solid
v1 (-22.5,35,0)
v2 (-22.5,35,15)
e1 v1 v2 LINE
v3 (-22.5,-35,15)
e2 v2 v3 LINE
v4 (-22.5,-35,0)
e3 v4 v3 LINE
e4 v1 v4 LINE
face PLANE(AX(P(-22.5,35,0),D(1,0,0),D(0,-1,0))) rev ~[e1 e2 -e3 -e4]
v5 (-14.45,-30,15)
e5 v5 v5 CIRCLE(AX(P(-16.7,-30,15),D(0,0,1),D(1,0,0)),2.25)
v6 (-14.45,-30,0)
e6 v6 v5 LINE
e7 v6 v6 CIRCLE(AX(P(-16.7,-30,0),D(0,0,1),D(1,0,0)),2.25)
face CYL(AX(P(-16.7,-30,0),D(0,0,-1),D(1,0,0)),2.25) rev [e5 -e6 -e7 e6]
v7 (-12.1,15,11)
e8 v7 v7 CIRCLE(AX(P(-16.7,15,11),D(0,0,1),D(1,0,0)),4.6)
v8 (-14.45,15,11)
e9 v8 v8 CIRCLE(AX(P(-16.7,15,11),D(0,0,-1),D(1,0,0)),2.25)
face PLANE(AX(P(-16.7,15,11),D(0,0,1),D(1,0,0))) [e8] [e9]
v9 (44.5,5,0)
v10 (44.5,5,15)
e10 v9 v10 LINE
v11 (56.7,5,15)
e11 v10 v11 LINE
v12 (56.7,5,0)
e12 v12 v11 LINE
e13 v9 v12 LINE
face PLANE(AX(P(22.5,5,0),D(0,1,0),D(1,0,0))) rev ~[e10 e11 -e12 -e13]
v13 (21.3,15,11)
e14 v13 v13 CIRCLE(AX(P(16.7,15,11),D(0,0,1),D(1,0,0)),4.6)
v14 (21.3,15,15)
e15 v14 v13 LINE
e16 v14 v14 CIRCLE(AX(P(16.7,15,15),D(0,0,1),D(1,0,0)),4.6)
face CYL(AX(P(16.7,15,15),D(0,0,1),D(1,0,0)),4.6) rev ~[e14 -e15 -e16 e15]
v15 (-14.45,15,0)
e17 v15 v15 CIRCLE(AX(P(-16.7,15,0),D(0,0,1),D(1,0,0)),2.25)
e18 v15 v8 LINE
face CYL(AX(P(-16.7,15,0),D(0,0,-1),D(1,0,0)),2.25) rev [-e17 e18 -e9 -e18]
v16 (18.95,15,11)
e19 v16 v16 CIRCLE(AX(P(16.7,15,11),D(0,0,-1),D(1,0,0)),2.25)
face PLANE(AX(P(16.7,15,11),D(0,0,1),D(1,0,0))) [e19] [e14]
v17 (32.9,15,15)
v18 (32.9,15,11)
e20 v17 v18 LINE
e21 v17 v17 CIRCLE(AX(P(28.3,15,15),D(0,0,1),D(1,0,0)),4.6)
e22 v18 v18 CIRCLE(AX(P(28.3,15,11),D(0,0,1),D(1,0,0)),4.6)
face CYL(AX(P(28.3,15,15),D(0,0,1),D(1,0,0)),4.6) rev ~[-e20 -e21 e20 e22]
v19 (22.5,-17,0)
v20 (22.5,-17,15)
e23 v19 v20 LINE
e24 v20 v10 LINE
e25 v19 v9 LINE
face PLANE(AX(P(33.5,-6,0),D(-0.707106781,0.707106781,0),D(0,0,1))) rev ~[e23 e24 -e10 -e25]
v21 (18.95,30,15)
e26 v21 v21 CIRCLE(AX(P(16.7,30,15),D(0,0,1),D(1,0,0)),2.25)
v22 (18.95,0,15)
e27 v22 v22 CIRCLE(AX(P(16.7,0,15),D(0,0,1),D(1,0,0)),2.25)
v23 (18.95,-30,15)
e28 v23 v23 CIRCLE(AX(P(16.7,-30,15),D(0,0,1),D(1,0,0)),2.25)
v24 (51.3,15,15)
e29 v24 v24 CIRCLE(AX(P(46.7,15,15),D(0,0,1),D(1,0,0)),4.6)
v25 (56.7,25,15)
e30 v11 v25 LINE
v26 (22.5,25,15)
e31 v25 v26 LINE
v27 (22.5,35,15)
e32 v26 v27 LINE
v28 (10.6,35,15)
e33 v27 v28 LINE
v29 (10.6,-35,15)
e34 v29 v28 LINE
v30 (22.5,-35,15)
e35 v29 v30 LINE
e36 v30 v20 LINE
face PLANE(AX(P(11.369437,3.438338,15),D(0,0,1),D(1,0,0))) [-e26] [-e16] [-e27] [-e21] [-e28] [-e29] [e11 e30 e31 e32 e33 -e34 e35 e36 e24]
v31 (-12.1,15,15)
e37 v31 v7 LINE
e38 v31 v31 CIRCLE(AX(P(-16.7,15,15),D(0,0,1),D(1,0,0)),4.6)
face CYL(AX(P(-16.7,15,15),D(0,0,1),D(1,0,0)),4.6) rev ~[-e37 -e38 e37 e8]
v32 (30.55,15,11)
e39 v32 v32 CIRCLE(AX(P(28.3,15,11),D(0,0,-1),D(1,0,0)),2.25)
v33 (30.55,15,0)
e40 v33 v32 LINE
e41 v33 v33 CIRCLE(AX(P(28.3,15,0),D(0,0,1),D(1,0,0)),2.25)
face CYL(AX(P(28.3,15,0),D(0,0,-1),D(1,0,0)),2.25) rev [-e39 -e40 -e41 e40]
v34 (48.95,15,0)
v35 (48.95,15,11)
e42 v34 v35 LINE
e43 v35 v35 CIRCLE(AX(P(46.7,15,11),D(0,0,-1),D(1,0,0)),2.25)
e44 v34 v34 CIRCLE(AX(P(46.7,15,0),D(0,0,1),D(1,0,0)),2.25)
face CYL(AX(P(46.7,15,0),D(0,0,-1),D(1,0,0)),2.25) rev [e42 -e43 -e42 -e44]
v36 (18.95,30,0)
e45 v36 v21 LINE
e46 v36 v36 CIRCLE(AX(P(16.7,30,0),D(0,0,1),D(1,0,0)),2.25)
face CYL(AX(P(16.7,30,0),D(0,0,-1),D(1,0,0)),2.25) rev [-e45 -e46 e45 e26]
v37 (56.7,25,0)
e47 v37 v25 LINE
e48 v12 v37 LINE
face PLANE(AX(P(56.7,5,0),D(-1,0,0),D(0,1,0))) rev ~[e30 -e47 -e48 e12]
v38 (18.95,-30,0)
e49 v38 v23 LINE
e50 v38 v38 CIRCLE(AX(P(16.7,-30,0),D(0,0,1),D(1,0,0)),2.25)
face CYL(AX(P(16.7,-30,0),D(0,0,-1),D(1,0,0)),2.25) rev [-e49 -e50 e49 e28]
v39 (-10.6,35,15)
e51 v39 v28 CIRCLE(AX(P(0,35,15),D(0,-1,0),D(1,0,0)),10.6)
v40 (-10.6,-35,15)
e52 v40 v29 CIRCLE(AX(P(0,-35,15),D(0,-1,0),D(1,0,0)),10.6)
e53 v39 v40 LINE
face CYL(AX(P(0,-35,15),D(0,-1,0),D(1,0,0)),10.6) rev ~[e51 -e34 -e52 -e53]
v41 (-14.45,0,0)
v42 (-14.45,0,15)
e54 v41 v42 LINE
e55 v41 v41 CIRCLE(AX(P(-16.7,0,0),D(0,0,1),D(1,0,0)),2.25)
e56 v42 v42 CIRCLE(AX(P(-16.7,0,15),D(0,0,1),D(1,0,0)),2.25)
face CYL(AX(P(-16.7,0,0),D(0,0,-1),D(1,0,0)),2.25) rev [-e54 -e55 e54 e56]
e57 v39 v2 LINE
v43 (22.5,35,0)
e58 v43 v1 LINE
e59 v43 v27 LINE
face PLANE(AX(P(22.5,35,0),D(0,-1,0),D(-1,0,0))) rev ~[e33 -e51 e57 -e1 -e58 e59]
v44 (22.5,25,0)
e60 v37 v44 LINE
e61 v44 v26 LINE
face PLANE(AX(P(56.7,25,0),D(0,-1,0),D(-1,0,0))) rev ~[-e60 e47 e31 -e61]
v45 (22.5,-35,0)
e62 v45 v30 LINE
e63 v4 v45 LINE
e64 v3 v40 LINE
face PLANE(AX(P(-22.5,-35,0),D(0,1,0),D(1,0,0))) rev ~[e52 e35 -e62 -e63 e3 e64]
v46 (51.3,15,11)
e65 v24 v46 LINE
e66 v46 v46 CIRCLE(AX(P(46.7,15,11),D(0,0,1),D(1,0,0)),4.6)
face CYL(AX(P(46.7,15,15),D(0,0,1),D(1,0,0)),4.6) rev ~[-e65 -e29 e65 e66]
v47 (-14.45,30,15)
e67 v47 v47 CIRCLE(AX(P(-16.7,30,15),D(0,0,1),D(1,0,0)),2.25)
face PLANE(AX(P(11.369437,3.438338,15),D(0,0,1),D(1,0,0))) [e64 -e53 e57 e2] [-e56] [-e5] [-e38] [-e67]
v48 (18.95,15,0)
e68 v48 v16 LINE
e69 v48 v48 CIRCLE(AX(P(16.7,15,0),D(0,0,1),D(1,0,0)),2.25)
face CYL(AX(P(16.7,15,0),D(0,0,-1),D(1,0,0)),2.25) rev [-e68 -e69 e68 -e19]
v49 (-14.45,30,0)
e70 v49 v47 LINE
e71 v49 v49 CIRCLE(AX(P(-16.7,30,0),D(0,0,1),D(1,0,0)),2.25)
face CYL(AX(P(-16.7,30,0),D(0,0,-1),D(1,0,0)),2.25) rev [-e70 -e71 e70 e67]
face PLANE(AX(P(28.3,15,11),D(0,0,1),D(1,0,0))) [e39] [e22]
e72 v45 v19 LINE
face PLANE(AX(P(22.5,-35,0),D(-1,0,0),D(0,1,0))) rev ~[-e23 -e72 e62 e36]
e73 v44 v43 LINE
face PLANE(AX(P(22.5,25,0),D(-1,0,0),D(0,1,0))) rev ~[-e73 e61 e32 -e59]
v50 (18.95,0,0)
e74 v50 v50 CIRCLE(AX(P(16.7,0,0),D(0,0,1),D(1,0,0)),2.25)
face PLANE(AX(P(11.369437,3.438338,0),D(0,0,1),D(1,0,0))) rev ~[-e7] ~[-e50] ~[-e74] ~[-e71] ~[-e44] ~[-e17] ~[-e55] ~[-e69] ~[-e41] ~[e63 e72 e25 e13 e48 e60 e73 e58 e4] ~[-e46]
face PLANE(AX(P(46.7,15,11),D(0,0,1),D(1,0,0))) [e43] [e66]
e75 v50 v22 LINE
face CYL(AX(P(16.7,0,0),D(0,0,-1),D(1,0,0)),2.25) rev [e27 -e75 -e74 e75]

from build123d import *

# Parameters (mm, degrees)
SKETCH_R        = 2.25
PAD_DEPTH       = 15
SKETCH001_R     = 10.6
POCKET_DEPTH    = 70.001
SKETCH002_R     = 4.6
POCKET001_DEPTH = 4
CHAMFER_SIZE    = 22


with BuildPart() as part:
    # Sketch → Pad (new body)
    with BuildSketch(Plane.XY):
        Polygon((-22.5, -35), (22.5, -35), (22.5, 5), (56.7, 5), (56.7, 25), (22.5, 25), (22.5, 35), (-22.5, 35), align=None)
        with Locations((-16.7, 30)):
            Circle(SKETCH_R, mode=Mode.SUBTRACT)
        with Locations((16.7, 30)):
            Circle(SKETCH_R, mode=Mode.SUBTRACT)
        with Locations((-16.7, -30)):
            Circle(SKETCH_R, mode=Mode.SUBTRACT)
        with Locations((16.7, -30)):
            Circle(SKETCH_R, mode=Mode.SUBTRACT)
        with Locations((-16.7, 0)):
            Circle(SKETCH_R, mode=Mode.SUBTRACT)
        with Locations((16.7, 0)):
            Circle(SKETCH_R, mode=Mode.SUBTRACT)
        with Locations((16.7, 15)):
            Circle(SKETCH_R, mode=Mode.SUBTRACT)
        with Locations((46.7, 15)):
            Circle(SKETCH_R, mode=Mode.SUBTRACT)
        with Locations((-16.7, 15)):
            Circle(SKETCH_R, mode=Mode.SUBTRACT)
        with Locations((28.3, 15)):
            Circle(SKETCH_R, mode=Mode.SUBTRACT)
    extrude(amount=PAD_DEPTH)

    # Sketch001 → Pocket (cut, through all)
    with BuildSketch(Plane.XZ.offset(35)):
        with Locations((0, 15)):
            Circle(SKETCH001_R)
    extrude(amount=-POCKET_DEPTH, mode=Mode.SUBTRACT)

    # Sketch002 → Pocket001 (cut)
    with BuildSketch(Plane.XY.offset(15)):
        with Locations((-16.7, 15)):
            Circle(SKETCH002_R)
        with Locations((16.7, 15)):
            Circle(SKETCH002_R)
        with Locations((28.3, 15)):
            Circle(SKETCH002_R)
        with Locations((46.7, 15)):
            Circle(SKETCH002_R)
    extrude(amount=-POCKET001_DEPTH, mode=Mode.SUBTRACT)

    # Chamfer
    chamfer_edges = [part.edges().sort_by_distance(p)[0] for p in [
        (22.5, 5, 7.5),
    ]]
    chamfer(chamfer_edges, length=CHAMFER_SIZE)


solid = part.part
